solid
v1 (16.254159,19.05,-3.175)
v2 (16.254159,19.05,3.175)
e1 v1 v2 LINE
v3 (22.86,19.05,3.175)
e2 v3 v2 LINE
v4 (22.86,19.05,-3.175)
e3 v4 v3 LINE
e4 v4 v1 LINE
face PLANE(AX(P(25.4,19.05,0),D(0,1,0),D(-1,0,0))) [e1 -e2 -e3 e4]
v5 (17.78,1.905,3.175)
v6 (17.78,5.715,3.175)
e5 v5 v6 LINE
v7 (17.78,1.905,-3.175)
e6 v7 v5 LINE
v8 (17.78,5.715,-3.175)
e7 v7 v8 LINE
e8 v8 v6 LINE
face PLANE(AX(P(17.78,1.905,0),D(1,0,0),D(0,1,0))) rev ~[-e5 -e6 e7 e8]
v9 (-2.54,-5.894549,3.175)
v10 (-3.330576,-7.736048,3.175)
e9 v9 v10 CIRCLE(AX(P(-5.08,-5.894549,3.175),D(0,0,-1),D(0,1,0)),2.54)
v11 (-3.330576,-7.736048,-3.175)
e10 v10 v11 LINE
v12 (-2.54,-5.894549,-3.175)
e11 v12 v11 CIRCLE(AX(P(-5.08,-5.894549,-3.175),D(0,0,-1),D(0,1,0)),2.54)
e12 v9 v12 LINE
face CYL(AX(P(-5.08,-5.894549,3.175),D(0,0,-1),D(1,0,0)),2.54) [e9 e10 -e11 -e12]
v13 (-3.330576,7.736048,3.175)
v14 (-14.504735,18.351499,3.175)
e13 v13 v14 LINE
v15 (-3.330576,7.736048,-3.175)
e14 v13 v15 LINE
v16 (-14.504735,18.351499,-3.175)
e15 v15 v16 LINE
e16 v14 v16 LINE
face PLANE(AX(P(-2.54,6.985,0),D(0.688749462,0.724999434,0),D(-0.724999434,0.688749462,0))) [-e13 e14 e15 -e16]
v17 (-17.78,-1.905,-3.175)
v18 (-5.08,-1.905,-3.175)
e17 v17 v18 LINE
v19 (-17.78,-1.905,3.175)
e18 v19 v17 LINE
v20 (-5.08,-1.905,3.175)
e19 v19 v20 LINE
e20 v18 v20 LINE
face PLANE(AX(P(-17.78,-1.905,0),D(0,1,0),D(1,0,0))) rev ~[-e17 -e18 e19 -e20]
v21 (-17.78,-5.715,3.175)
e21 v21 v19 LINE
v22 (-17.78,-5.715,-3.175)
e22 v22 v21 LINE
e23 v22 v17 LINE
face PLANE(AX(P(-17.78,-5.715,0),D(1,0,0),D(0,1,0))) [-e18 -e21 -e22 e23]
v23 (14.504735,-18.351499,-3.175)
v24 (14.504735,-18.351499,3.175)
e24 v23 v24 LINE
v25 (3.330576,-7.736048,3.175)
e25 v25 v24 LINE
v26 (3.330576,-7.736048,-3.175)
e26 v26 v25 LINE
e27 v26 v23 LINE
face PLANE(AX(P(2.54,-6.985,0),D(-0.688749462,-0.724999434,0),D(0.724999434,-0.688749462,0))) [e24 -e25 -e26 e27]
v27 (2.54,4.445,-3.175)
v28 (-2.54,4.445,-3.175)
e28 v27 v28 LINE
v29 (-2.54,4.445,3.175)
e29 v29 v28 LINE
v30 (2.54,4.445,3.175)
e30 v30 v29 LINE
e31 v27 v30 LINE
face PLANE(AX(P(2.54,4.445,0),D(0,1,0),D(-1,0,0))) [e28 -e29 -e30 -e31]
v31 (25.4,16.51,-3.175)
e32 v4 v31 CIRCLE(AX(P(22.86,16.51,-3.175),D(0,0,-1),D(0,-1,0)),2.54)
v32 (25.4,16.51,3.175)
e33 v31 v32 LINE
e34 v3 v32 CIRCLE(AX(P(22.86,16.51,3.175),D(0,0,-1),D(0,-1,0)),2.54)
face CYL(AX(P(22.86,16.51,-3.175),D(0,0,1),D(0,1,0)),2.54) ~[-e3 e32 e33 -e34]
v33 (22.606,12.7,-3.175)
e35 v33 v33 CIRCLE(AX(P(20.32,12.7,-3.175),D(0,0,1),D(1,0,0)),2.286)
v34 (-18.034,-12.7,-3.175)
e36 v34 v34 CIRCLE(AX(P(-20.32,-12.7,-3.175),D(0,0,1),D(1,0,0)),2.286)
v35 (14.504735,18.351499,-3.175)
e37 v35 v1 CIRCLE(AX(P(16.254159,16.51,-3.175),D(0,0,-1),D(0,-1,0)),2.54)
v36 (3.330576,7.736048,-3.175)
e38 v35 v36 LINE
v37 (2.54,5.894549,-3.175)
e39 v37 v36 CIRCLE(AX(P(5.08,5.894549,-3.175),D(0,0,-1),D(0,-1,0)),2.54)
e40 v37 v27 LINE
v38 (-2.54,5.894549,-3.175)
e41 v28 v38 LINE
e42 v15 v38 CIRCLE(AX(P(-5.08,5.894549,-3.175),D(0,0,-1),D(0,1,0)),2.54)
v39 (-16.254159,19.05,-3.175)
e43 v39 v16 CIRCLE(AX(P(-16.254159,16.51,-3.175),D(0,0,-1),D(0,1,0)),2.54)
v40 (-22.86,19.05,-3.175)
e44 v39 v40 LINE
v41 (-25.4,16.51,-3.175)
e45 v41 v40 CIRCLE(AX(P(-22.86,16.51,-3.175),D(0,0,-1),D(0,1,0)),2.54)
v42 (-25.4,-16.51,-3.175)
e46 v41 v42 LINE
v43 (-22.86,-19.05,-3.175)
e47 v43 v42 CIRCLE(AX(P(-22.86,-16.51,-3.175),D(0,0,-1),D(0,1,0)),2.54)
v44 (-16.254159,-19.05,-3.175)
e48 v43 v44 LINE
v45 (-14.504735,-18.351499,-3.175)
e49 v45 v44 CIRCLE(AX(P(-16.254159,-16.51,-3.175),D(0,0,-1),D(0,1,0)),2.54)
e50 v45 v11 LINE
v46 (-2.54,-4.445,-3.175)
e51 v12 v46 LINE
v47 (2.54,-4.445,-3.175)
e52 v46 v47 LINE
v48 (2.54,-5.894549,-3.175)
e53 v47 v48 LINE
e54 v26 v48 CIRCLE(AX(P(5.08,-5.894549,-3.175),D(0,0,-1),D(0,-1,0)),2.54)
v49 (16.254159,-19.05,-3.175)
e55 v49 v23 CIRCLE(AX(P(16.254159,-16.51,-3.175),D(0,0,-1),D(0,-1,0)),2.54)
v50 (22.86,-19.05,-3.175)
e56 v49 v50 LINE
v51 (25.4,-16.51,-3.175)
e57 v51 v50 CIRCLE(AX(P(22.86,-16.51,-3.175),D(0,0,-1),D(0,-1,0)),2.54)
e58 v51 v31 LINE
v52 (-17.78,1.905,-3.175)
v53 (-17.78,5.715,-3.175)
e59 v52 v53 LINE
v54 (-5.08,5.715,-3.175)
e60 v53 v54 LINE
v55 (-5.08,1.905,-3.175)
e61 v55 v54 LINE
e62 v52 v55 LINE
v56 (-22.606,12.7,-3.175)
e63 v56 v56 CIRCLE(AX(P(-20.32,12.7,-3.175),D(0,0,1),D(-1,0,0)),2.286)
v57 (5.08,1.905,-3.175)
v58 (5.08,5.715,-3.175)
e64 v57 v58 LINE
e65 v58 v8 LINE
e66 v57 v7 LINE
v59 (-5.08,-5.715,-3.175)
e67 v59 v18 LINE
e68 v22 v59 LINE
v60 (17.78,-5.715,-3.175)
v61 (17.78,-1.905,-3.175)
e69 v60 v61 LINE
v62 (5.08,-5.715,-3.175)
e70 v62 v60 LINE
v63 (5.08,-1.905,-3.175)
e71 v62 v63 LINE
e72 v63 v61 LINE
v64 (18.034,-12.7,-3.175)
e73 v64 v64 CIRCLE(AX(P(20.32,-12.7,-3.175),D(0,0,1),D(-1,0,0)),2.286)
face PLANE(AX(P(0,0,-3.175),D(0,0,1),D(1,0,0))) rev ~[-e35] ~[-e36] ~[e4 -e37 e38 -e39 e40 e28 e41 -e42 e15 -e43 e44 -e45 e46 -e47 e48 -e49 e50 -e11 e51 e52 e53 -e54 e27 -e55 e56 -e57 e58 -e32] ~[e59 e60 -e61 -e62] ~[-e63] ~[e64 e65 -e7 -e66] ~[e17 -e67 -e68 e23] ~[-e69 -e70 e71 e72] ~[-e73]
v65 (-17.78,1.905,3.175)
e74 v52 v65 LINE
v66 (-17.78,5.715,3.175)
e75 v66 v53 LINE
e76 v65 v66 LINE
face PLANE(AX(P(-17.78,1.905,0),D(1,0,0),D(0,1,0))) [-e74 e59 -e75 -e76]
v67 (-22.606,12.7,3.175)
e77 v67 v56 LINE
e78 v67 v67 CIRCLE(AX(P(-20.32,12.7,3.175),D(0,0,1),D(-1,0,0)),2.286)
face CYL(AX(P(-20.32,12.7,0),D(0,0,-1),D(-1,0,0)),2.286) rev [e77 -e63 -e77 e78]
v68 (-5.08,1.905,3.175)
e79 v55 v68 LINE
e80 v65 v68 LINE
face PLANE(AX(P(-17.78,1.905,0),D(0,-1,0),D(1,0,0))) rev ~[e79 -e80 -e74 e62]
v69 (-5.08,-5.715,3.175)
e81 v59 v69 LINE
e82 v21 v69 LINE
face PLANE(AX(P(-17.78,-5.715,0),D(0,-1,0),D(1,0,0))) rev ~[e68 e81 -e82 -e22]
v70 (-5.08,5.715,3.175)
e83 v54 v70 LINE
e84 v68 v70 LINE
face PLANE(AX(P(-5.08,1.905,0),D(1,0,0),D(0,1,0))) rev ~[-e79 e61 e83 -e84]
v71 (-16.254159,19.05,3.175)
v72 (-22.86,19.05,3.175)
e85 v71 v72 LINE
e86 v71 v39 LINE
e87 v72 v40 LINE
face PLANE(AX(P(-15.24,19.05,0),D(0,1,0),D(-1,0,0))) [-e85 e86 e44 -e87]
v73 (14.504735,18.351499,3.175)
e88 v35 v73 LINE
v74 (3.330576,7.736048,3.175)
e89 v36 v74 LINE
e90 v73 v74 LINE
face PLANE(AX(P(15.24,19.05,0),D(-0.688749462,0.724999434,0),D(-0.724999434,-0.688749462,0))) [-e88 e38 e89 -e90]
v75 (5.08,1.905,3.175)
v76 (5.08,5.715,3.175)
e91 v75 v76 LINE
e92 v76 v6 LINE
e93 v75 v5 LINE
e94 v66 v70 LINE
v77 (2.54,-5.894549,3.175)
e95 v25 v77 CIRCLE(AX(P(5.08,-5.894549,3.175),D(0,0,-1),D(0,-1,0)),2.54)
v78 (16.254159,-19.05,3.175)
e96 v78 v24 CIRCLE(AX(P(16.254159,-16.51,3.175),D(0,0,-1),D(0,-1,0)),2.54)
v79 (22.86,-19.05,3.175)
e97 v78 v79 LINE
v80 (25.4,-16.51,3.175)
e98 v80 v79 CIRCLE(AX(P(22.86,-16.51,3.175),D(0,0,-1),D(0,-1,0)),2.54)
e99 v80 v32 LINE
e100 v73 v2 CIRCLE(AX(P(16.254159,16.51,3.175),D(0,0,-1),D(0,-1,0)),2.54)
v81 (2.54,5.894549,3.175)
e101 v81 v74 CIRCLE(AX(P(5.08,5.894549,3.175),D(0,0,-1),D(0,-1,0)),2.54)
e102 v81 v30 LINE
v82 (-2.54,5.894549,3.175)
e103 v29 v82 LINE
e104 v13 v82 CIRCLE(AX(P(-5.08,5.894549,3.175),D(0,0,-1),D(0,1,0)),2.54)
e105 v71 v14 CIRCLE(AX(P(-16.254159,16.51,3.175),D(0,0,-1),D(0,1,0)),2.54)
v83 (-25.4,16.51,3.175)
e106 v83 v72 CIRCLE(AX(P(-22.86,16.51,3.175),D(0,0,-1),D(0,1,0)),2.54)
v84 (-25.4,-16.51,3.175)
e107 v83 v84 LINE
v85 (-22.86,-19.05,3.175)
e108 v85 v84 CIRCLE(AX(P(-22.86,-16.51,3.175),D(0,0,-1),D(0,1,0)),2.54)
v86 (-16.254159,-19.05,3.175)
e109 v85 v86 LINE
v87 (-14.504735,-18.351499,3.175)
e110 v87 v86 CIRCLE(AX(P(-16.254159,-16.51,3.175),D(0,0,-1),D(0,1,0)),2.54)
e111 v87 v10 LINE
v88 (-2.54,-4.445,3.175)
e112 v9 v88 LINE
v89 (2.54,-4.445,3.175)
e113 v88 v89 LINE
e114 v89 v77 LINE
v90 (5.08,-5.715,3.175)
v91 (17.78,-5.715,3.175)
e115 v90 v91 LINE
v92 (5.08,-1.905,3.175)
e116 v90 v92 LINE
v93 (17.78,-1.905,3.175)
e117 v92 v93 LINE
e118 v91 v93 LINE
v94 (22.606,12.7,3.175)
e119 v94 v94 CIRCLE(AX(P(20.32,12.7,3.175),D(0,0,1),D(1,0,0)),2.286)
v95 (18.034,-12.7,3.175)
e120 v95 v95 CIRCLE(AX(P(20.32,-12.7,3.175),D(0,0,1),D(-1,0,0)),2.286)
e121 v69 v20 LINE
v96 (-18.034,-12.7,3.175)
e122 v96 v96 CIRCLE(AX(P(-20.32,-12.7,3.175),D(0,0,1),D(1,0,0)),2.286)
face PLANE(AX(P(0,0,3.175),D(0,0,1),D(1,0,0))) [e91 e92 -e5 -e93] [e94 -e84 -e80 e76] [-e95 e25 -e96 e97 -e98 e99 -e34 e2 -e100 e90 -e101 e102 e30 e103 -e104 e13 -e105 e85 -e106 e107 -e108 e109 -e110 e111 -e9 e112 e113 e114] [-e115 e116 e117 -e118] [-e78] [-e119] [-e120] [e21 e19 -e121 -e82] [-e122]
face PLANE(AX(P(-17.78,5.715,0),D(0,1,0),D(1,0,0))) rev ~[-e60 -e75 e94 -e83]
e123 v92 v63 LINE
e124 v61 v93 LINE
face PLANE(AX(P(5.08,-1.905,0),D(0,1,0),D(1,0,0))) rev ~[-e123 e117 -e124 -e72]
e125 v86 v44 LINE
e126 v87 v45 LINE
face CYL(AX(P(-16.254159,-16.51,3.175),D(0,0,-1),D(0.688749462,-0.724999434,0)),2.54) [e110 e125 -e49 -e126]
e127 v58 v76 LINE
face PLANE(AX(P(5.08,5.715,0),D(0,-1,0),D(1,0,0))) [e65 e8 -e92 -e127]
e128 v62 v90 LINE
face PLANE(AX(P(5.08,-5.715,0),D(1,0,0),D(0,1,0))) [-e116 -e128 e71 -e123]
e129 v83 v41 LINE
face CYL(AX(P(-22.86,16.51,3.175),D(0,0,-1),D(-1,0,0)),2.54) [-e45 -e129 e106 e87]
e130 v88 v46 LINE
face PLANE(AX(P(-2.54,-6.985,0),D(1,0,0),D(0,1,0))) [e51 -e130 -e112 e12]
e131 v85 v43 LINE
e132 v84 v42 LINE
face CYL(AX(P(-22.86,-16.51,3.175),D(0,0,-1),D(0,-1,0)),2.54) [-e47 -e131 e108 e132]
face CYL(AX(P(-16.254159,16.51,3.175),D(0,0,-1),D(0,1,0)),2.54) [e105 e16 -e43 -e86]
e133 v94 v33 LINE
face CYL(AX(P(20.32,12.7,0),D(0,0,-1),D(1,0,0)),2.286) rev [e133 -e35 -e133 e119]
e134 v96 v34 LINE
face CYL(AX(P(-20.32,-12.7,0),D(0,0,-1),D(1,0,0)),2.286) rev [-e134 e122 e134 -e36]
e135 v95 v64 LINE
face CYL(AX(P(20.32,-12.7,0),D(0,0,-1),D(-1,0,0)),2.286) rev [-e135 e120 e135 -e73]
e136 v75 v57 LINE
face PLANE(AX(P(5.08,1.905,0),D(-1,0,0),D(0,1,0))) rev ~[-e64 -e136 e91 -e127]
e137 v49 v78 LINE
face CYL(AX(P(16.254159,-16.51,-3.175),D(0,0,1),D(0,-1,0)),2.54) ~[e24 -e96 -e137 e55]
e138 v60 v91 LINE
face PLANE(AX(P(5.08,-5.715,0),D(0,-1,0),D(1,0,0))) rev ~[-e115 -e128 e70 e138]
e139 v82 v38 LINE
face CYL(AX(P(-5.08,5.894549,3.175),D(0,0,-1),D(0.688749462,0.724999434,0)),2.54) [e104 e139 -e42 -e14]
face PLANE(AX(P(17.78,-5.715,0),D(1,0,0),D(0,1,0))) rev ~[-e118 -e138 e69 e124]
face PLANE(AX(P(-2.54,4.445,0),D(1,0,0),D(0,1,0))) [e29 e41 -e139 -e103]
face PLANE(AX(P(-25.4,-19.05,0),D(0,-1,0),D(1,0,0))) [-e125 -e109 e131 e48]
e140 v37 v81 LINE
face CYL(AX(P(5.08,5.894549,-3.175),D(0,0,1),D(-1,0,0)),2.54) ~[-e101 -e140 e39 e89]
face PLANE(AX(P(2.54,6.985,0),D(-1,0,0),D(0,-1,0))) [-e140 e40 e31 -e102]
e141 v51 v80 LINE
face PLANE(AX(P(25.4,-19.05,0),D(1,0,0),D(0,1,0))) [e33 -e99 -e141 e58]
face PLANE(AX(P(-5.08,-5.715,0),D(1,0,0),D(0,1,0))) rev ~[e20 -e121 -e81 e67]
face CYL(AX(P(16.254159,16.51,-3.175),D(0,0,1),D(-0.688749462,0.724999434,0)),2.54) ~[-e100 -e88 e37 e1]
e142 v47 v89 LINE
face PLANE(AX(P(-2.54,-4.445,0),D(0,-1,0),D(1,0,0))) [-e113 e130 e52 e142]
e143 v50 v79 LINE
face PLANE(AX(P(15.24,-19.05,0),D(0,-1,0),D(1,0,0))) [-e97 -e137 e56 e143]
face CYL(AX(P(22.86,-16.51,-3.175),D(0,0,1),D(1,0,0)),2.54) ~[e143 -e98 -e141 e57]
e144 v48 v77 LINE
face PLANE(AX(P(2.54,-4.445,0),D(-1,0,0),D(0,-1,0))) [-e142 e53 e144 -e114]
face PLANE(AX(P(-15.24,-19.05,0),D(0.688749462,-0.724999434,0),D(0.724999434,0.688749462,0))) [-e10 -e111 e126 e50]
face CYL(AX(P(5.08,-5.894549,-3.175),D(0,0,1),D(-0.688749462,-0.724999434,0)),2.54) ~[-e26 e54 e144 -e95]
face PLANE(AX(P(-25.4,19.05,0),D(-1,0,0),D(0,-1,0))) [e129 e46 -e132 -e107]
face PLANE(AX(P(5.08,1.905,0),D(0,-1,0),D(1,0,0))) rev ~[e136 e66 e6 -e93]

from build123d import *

# Parameters (mm, degrees)
SKETCH1_R           = 2.286
SKETCH1_W           = 12.7
SKETCH1_H           = 3.81
BOSS_EXTRUDE1_DEPTH = 3.175
FILLET1_R           = 2.54


with BuildPart() as part:
    # Sketch1 → Boss-Extrude1 (new, symmetric)
    with BuildSketch(Plane.XY):
        Polygon((-2.54, -4.445), (2.54, -4.445), (2.54, -6.985), (15.24, -19.05), (25.4, -19.05), (25.4, 19.05), (15.24, 19.05), (2.54, 6.985), (2.54, 4.445), (-2.54, 4.445), (-2.54, 6.985), (-15.24, 19.05), (-25.4, 19.05), (-25.4, -19.05), (-15.24, -19.05), (-2.54, -6.985), align=None)
        with Locations((-20.32, -12.7)):
            Circle(SKETCH1_R, mode=Mode.SUBTRACT)
        with Locations(Location((-20.32, 12.7, 0), (0, 0, 180))):
            Circle(SKETCH1_R, mode=Mode.SUBTRACT)
        with Locations((20.32, 12.7)):
            Circle(SKETCH1_R, mode=Mode.SUBTRACT)
        with Locations(Location((20.32, -12.7, 0), (0, 0, 180))):
            Circle(SKETCH1_R, mode=Mode.SUBTRACT)
        with Locations((-11.43, 3.81)):
            Rectangle(SKETCH1_W, SKETCH1_H, mode=Mode.SUBTRACT)
        with Locations((-11.43, -3.81)):
            Rectangle(SKETCH1_W, SKETCH1_H, mode=Mode.SUBTRACT)
        with Locations((11.43, -3.81)):
            Rectangle(SKETCH1_W, SKETCH1_H, mode=Mode.SUBTRACT)
        with Locations((11.43, 3.81)):
            Rectangle(SKETCH1_W, SKETCH1_H, mode=Mode.SUBTRACT)
    extrude(amount=BOSS_EXTRUDE1_DEPTH, both=True)

    # Fillet1
    fillet1_edges = [part.edges().sort_by_distance(p)[0] for p in [
        (-2.54, -6.985, 0),
        (-15.24, -19.05, 0),
        (-25.4, -19.05, 0),
        (-25.4, 19.05, 0),
        (-15.24, 19.05, 0),
        (-2.54, 6.985, 0),
        (2.54, 6.985, 0),
        (15.24, 19.05, 0),
        (25.4, 19.05, 0),
        (25.4, -19.05, 0),
        (15.24, -19.05, 0),
        (2.54, -6.985, 0),
    ]]
    fillet(fillet1_edges, radius=FILLET1_R)


solid = part.part
